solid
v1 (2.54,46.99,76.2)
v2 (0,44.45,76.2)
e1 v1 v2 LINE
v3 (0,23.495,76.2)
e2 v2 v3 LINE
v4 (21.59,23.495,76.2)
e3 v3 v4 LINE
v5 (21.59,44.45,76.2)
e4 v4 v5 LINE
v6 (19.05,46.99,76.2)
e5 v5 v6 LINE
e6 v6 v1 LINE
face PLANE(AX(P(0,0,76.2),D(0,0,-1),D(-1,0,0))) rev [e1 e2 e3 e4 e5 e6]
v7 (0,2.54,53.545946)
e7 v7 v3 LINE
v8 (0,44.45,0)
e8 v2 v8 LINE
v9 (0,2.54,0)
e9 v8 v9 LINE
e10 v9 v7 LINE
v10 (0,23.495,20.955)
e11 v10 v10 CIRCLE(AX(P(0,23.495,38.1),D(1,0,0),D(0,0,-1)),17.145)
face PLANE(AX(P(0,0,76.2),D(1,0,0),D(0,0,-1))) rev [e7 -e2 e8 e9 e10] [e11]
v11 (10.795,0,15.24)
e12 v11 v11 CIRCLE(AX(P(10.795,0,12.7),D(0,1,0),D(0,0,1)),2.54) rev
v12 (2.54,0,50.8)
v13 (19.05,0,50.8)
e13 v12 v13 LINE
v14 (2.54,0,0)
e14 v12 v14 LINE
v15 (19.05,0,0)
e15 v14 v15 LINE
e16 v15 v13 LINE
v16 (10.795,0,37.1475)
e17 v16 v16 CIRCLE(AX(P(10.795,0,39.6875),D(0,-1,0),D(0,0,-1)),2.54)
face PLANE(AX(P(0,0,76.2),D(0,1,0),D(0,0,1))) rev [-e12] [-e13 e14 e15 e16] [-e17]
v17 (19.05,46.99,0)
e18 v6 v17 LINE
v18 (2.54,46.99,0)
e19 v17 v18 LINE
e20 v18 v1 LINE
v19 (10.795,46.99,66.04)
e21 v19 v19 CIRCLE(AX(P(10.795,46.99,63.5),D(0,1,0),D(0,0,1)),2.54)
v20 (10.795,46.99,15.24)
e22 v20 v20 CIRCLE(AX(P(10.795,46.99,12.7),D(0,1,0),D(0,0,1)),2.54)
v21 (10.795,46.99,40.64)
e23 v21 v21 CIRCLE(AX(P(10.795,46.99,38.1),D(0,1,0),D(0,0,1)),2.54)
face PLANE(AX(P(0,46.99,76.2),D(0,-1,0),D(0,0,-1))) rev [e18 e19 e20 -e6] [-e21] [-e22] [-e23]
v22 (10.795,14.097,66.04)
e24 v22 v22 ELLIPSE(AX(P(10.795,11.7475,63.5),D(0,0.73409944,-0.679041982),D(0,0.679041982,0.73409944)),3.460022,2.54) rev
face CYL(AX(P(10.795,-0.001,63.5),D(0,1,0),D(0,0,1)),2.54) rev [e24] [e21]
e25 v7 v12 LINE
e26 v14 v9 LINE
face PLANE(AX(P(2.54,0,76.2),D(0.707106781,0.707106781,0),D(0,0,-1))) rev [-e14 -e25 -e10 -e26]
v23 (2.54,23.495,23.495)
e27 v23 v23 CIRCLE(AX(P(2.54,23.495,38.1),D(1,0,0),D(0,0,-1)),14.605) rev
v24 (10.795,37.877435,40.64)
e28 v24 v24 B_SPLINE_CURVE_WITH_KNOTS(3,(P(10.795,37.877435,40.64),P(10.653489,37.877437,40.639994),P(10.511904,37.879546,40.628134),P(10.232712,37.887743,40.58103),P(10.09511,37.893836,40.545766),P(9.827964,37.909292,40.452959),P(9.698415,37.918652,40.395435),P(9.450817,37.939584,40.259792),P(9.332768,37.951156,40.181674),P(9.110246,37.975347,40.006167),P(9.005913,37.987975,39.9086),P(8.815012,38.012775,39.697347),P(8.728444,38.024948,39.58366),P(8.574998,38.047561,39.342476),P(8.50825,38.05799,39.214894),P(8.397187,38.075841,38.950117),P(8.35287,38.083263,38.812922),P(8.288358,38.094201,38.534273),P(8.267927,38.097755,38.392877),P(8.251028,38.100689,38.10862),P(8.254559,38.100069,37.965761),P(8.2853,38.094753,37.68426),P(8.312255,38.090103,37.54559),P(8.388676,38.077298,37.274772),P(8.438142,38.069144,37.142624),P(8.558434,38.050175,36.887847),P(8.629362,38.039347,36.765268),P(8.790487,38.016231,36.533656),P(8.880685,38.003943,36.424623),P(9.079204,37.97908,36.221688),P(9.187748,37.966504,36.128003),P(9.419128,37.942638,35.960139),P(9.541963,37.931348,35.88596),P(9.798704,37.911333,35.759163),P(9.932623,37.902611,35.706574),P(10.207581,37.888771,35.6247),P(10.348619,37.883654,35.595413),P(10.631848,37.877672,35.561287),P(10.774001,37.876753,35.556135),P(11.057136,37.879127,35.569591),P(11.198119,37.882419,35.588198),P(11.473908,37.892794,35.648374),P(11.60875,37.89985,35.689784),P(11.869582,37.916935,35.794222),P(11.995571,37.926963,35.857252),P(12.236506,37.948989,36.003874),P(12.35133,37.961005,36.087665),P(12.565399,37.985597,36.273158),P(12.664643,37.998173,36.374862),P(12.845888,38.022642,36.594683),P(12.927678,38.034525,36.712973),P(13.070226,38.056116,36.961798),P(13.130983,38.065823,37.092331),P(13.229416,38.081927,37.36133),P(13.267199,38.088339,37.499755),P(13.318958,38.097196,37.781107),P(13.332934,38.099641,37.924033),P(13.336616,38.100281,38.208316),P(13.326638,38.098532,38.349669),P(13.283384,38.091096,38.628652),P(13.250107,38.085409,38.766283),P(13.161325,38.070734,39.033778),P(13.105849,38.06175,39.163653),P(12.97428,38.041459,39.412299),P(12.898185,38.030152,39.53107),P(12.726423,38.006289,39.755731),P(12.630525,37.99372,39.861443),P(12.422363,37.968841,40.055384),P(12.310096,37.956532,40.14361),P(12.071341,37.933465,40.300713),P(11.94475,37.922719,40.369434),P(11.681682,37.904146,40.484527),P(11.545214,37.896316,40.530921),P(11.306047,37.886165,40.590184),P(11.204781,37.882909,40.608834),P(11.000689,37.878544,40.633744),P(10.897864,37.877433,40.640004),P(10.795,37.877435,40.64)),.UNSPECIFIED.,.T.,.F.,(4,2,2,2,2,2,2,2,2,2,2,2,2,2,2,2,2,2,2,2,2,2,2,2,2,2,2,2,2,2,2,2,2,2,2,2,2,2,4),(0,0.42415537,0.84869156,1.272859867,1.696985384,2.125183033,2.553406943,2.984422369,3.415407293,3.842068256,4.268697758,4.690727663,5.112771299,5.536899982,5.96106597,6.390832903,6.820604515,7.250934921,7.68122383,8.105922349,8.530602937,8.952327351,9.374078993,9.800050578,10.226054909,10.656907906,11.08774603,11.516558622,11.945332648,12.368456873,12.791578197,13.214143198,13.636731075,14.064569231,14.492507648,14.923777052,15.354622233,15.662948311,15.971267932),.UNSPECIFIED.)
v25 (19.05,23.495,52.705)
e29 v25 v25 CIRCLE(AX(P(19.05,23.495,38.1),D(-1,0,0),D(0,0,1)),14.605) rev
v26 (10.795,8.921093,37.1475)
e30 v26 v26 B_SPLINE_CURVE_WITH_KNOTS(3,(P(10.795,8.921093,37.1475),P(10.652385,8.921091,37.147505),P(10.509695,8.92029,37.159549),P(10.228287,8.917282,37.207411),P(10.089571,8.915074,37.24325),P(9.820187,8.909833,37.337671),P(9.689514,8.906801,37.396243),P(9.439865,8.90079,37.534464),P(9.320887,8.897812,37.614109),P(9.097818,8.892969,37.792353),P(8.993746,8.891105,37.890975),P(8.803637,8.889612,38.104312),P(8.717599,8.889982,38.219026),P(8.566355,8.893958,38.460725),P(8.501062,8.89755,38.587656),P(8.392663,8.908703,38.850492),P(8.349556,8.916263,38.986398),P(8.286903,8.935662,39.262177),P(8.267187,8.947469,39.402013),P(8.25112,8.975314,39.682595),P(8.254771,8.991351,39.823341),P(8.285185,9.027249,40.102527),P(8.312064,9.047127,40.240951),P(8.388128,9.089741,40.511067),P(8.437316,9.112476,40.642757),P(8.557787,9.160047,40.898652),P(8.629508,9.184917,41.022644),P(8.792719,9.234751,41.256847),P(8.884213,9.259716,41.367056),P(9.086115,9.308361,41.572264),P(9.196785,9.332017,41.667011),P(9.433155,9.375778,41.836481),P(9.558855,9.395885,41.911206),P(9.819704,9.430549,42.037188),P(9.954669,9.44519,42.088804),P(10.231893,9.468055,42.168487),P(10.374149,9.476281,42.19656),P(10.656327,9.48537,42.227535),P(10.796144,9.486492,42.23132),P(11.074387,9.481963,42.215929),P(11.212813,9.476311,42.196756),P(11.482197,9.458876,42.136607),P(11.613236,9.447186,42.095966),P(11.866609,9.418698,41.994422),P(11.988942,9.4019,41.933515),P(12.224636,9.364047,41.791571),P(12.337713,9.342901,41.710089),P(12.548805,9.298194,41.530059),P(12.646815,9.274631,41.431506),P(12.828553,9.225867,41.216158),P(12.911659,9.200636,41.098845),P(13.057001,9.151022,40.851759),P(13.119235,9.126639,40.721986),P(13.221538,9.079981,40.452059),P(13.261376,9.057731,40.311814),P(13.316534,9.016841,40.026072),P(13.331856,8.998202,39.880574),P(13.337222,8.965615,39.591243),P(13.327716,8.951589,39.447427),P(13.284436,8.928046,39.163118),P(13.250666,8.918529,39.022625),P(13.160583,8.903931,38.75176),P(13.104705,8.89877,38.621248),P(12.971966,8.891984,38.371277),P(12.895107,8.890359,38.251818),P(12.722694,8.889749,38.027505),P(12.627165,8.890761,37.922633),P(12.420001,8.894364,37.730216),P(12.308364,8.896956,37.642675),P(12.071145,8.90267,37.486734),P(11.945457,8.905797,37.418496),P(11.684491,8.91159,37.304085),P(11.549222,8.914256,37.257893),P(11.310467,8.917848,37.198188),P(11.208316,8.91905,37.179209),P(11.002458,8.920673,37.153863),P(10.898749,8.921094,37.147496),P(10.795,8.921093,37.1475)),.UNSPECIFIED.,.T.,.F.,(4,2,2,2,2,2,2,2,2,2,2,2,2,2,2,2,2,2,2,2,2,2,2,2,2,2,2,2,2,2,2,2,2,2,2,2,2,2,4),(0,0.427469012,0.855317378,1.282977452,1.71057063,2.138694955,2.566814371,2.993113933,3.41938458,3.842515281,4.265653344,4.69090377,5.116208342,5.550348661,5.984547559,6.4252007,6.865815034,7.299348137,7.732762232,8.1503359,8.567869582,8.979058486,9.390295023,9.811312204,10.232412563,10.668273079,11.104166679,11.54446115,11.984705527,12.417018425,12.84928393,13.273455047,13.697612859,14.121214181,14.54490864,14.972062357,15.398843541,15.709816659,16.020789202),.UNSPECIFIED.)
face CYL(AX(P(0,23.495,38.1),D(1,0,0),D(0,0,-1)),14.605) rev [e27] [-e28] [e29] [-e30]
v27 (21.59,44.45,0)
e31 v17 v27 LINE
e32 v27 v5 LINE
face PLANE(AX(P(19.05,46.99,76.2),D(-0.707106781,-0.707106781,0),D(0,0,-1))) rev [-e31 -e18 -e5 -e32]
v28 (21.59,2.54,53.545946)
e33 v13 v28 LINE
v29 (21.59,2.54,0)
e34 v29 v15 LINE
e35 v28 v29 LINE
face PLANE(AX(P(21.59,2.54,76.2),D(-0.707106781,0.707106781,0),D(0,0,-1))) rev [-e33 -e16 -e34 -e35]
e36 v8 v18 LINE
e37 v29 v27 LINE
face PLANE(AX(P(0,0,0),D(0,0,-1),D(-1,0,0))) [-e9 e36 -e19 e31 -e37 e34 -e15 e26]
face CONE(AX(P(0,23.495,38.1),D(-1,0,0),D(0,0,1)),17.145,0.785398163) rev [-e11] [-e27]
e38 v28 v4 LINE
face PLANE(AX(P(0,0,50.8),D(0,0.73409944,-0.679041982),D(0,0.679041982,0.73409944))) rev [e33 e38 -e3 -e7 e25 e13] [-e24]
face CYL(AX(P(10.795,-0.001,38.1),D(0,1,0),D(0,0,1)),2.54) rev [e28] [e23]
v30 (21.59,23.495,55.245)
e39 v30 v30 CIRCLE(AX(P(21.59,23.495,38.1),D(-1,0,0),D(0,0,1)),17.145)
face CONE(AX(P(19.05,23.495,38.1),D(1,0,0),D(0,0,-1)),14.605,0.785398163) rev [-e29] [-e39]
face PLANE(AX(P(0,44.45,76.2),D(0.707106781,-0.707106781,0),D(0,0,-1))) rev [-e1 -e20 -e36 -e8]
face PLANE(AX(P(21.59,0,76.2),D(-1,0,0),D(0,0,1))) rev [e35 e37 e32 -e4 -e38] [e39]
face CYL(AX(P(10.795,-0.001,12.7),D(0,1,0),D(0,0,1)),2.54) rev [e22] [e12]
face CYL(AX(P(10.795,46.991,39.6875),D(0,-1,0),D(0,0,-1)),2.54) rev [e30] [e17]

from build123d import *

# Parameters (mm, degrees)
SKETCH1_W               = 21.59
SKETCH1_H               = 46.99
BOSS_EXTRUDE1_DEPTH     = 76.2
SKETCH2_R               = 14.605
CUT_EXTRUDE1_DEPTH      = 93.090326311
CUT_EXTRUDE2_DEPTH      = 93.090326311
CUT_EXTRUDE3_REACH      = 94.09
SKETCH4_R               = 2.54
CUT_EXTRUDE4_REACH      = 94.09
CUT_EXTRUDE4_END_RADIUS = 14.605
SKETCH5_R               = 2.54
CHAMFER1_SIZE           = 2.54


with BuildPart() as part:
    # Sketch1 → Boss-Extrude1 (new body)
    with BuildSketch(Plane.XY):
        with Locations((10.795, 23.495)):
            Rectangle(SKETCH1_W, SKETCH1_H)
    extrude(amount=BOSS_EXTRUDE1_DEPTH)

    # Sketch2 → Cut-Extrude1 (cut, through all)
    with BuildSketch(Plane(origin=(21.59, 0, 0), x_dir=(0, 0, -1), z_dir=(1, 0, 0))):
        with Locations((-38.1, 23.495)):
            Circle(SKETCH2_R)
    extrude(amount=-CUT_EXTRUDE1_DEPTH, mode=Mode.SUBTRACT)

    # Sketch3 → Cut-Extrude2 (cut, through all)
    with BuildSketch(Plane(origin=(21.59, 0, 0), x_dir=(0, 0, -1), z_dir=(1, 0, 0))):
        Polygon((-50.8, 0), (-76.2, 23.495), (-76.2, 0), align=None)
    extrude(amount=-CUT_EXTRUDE2_DEPTH, mode=Mode.SUBTRACT)

    # Sketch4 → Cut-Extrude3 (cut, up to next)
    with BuildSketch(Plane(origin=(0, 46.99, 0), x_dir=(1, 0, 0), z_dir=(0, 1, 0)), mode=Mode.PRIVATE) as cut_extrude3_sk1:
        with Locations(Location((10.795, -12.7, 0), (0, 0, 270))):
            Circle(SKETCH4_R)
    cut_extrude3_tool1 = extrude(cut_extrude3_sk1.sketch, amount=-CUT_EXTRUDE3_REACH, mode=Mode.PRIVATE) & part.part
    # Sketch4 → Cut-Extrude3 (cut, up to next)
    with BuildSketch(Plane(origin=(0, 46.99, 0), x_dir=(1, 0, 0), z_dir=(0, 1, 0)), mode=Mode.PRIVATE) as cut_extrude3_sk2:
        with Locations(Location((10.795, -38.1, 0), (0, 0, 270))):
            Circle(SKETCH4_R)
    cut_extrude3_tool2 = extrude(cut_extrude3_sk2.sketch, amount=-CUT_EXTRUDE3_REACH, mode=Mode.PRIVATE) & part.part
    # Sketch4 → Cut-Extrude3 (cut, up to next)
    with BuildSketch(Plane(origin=(0, 46.99, 0), x_dir=(1, 0, 0), z_dir=(0, 1, 0)), mode=Mode.PRIVATE) as cut_extrude3_sk3:
        with Locations(Location((10.795, -63.5, 0), (0, 0, 270))):
            Circle(SKETCH4_R)
    cut_extrude3_tool3 = extrude(cut_extrude3_sk3.sketch, amount=-CUT_EXTRUDE3_REACH, mode=Mode.PRIVATE) & part.part
    add(cut_extrude3_tool1.solids().sort_by_distance((10.795, 46.99, 12.7))[0], mode=Mode.SUBTRACT)
    add(cut_extrude3_tool2.solids().sort_by_distance((10.795, 46.99, 38.1))[0], mode=Mode.SUBTRACT)
    add(cut_extrude3_tool3.solids().sort_by_distance((10.795, 46.99, 63.5))[0], mode=Mode.SUBTRACT)

    # Cut-Extrude4: up to this cylinder (the profile starts outside it)
    cut_extrude4_end = Plane(origin=(10.795, 23.495, 38.1), z_dir=(1, 0, 0)) * Cylinder(CUT_EXTRUDE4_END_RADIUS, 218.39, mode=Mode.PRIVATE)
    # Sketch5 → Cut-Extrude4 (cut, up to the surface)
    with BuildSketch(Plane.XZ, mode=Mode.PRIVATE) as cut_extrude4_sk1:
        with Locations(Location((10.795, 39.6875, 0), (0, 0, 270))):
            Circle(SKETCH5_R)
    cut_extrude4_tool1 = extrude(cut_extrude4_sk1.sketch, amount=-CUT_EXTRUDE4_REACH, mode=Mode.PRIVATE) - cut_extrude4_end
    add(cut_extrude4_tool1.solids().sort_by_distance((10.795, 0, 39.6875))[0], mode=Mode.SUBTRACT)

    # Chamfer1
    chamfer1_edges = [part.edges().sort_by_distance(p)[0] for p in [
        (0, 23.495, 52.705),
        (21.59, 23.495, 52.705),
        (21.59, 0, 25.4),
        (0, 0, 25.4),
        (0, 46.99, 38.1),
        (21.59, 46.99, 38.1),
    ]]
    chamfer(chamfer1_edges, length=CHAMFER1_SIZE)


solid = part.part
